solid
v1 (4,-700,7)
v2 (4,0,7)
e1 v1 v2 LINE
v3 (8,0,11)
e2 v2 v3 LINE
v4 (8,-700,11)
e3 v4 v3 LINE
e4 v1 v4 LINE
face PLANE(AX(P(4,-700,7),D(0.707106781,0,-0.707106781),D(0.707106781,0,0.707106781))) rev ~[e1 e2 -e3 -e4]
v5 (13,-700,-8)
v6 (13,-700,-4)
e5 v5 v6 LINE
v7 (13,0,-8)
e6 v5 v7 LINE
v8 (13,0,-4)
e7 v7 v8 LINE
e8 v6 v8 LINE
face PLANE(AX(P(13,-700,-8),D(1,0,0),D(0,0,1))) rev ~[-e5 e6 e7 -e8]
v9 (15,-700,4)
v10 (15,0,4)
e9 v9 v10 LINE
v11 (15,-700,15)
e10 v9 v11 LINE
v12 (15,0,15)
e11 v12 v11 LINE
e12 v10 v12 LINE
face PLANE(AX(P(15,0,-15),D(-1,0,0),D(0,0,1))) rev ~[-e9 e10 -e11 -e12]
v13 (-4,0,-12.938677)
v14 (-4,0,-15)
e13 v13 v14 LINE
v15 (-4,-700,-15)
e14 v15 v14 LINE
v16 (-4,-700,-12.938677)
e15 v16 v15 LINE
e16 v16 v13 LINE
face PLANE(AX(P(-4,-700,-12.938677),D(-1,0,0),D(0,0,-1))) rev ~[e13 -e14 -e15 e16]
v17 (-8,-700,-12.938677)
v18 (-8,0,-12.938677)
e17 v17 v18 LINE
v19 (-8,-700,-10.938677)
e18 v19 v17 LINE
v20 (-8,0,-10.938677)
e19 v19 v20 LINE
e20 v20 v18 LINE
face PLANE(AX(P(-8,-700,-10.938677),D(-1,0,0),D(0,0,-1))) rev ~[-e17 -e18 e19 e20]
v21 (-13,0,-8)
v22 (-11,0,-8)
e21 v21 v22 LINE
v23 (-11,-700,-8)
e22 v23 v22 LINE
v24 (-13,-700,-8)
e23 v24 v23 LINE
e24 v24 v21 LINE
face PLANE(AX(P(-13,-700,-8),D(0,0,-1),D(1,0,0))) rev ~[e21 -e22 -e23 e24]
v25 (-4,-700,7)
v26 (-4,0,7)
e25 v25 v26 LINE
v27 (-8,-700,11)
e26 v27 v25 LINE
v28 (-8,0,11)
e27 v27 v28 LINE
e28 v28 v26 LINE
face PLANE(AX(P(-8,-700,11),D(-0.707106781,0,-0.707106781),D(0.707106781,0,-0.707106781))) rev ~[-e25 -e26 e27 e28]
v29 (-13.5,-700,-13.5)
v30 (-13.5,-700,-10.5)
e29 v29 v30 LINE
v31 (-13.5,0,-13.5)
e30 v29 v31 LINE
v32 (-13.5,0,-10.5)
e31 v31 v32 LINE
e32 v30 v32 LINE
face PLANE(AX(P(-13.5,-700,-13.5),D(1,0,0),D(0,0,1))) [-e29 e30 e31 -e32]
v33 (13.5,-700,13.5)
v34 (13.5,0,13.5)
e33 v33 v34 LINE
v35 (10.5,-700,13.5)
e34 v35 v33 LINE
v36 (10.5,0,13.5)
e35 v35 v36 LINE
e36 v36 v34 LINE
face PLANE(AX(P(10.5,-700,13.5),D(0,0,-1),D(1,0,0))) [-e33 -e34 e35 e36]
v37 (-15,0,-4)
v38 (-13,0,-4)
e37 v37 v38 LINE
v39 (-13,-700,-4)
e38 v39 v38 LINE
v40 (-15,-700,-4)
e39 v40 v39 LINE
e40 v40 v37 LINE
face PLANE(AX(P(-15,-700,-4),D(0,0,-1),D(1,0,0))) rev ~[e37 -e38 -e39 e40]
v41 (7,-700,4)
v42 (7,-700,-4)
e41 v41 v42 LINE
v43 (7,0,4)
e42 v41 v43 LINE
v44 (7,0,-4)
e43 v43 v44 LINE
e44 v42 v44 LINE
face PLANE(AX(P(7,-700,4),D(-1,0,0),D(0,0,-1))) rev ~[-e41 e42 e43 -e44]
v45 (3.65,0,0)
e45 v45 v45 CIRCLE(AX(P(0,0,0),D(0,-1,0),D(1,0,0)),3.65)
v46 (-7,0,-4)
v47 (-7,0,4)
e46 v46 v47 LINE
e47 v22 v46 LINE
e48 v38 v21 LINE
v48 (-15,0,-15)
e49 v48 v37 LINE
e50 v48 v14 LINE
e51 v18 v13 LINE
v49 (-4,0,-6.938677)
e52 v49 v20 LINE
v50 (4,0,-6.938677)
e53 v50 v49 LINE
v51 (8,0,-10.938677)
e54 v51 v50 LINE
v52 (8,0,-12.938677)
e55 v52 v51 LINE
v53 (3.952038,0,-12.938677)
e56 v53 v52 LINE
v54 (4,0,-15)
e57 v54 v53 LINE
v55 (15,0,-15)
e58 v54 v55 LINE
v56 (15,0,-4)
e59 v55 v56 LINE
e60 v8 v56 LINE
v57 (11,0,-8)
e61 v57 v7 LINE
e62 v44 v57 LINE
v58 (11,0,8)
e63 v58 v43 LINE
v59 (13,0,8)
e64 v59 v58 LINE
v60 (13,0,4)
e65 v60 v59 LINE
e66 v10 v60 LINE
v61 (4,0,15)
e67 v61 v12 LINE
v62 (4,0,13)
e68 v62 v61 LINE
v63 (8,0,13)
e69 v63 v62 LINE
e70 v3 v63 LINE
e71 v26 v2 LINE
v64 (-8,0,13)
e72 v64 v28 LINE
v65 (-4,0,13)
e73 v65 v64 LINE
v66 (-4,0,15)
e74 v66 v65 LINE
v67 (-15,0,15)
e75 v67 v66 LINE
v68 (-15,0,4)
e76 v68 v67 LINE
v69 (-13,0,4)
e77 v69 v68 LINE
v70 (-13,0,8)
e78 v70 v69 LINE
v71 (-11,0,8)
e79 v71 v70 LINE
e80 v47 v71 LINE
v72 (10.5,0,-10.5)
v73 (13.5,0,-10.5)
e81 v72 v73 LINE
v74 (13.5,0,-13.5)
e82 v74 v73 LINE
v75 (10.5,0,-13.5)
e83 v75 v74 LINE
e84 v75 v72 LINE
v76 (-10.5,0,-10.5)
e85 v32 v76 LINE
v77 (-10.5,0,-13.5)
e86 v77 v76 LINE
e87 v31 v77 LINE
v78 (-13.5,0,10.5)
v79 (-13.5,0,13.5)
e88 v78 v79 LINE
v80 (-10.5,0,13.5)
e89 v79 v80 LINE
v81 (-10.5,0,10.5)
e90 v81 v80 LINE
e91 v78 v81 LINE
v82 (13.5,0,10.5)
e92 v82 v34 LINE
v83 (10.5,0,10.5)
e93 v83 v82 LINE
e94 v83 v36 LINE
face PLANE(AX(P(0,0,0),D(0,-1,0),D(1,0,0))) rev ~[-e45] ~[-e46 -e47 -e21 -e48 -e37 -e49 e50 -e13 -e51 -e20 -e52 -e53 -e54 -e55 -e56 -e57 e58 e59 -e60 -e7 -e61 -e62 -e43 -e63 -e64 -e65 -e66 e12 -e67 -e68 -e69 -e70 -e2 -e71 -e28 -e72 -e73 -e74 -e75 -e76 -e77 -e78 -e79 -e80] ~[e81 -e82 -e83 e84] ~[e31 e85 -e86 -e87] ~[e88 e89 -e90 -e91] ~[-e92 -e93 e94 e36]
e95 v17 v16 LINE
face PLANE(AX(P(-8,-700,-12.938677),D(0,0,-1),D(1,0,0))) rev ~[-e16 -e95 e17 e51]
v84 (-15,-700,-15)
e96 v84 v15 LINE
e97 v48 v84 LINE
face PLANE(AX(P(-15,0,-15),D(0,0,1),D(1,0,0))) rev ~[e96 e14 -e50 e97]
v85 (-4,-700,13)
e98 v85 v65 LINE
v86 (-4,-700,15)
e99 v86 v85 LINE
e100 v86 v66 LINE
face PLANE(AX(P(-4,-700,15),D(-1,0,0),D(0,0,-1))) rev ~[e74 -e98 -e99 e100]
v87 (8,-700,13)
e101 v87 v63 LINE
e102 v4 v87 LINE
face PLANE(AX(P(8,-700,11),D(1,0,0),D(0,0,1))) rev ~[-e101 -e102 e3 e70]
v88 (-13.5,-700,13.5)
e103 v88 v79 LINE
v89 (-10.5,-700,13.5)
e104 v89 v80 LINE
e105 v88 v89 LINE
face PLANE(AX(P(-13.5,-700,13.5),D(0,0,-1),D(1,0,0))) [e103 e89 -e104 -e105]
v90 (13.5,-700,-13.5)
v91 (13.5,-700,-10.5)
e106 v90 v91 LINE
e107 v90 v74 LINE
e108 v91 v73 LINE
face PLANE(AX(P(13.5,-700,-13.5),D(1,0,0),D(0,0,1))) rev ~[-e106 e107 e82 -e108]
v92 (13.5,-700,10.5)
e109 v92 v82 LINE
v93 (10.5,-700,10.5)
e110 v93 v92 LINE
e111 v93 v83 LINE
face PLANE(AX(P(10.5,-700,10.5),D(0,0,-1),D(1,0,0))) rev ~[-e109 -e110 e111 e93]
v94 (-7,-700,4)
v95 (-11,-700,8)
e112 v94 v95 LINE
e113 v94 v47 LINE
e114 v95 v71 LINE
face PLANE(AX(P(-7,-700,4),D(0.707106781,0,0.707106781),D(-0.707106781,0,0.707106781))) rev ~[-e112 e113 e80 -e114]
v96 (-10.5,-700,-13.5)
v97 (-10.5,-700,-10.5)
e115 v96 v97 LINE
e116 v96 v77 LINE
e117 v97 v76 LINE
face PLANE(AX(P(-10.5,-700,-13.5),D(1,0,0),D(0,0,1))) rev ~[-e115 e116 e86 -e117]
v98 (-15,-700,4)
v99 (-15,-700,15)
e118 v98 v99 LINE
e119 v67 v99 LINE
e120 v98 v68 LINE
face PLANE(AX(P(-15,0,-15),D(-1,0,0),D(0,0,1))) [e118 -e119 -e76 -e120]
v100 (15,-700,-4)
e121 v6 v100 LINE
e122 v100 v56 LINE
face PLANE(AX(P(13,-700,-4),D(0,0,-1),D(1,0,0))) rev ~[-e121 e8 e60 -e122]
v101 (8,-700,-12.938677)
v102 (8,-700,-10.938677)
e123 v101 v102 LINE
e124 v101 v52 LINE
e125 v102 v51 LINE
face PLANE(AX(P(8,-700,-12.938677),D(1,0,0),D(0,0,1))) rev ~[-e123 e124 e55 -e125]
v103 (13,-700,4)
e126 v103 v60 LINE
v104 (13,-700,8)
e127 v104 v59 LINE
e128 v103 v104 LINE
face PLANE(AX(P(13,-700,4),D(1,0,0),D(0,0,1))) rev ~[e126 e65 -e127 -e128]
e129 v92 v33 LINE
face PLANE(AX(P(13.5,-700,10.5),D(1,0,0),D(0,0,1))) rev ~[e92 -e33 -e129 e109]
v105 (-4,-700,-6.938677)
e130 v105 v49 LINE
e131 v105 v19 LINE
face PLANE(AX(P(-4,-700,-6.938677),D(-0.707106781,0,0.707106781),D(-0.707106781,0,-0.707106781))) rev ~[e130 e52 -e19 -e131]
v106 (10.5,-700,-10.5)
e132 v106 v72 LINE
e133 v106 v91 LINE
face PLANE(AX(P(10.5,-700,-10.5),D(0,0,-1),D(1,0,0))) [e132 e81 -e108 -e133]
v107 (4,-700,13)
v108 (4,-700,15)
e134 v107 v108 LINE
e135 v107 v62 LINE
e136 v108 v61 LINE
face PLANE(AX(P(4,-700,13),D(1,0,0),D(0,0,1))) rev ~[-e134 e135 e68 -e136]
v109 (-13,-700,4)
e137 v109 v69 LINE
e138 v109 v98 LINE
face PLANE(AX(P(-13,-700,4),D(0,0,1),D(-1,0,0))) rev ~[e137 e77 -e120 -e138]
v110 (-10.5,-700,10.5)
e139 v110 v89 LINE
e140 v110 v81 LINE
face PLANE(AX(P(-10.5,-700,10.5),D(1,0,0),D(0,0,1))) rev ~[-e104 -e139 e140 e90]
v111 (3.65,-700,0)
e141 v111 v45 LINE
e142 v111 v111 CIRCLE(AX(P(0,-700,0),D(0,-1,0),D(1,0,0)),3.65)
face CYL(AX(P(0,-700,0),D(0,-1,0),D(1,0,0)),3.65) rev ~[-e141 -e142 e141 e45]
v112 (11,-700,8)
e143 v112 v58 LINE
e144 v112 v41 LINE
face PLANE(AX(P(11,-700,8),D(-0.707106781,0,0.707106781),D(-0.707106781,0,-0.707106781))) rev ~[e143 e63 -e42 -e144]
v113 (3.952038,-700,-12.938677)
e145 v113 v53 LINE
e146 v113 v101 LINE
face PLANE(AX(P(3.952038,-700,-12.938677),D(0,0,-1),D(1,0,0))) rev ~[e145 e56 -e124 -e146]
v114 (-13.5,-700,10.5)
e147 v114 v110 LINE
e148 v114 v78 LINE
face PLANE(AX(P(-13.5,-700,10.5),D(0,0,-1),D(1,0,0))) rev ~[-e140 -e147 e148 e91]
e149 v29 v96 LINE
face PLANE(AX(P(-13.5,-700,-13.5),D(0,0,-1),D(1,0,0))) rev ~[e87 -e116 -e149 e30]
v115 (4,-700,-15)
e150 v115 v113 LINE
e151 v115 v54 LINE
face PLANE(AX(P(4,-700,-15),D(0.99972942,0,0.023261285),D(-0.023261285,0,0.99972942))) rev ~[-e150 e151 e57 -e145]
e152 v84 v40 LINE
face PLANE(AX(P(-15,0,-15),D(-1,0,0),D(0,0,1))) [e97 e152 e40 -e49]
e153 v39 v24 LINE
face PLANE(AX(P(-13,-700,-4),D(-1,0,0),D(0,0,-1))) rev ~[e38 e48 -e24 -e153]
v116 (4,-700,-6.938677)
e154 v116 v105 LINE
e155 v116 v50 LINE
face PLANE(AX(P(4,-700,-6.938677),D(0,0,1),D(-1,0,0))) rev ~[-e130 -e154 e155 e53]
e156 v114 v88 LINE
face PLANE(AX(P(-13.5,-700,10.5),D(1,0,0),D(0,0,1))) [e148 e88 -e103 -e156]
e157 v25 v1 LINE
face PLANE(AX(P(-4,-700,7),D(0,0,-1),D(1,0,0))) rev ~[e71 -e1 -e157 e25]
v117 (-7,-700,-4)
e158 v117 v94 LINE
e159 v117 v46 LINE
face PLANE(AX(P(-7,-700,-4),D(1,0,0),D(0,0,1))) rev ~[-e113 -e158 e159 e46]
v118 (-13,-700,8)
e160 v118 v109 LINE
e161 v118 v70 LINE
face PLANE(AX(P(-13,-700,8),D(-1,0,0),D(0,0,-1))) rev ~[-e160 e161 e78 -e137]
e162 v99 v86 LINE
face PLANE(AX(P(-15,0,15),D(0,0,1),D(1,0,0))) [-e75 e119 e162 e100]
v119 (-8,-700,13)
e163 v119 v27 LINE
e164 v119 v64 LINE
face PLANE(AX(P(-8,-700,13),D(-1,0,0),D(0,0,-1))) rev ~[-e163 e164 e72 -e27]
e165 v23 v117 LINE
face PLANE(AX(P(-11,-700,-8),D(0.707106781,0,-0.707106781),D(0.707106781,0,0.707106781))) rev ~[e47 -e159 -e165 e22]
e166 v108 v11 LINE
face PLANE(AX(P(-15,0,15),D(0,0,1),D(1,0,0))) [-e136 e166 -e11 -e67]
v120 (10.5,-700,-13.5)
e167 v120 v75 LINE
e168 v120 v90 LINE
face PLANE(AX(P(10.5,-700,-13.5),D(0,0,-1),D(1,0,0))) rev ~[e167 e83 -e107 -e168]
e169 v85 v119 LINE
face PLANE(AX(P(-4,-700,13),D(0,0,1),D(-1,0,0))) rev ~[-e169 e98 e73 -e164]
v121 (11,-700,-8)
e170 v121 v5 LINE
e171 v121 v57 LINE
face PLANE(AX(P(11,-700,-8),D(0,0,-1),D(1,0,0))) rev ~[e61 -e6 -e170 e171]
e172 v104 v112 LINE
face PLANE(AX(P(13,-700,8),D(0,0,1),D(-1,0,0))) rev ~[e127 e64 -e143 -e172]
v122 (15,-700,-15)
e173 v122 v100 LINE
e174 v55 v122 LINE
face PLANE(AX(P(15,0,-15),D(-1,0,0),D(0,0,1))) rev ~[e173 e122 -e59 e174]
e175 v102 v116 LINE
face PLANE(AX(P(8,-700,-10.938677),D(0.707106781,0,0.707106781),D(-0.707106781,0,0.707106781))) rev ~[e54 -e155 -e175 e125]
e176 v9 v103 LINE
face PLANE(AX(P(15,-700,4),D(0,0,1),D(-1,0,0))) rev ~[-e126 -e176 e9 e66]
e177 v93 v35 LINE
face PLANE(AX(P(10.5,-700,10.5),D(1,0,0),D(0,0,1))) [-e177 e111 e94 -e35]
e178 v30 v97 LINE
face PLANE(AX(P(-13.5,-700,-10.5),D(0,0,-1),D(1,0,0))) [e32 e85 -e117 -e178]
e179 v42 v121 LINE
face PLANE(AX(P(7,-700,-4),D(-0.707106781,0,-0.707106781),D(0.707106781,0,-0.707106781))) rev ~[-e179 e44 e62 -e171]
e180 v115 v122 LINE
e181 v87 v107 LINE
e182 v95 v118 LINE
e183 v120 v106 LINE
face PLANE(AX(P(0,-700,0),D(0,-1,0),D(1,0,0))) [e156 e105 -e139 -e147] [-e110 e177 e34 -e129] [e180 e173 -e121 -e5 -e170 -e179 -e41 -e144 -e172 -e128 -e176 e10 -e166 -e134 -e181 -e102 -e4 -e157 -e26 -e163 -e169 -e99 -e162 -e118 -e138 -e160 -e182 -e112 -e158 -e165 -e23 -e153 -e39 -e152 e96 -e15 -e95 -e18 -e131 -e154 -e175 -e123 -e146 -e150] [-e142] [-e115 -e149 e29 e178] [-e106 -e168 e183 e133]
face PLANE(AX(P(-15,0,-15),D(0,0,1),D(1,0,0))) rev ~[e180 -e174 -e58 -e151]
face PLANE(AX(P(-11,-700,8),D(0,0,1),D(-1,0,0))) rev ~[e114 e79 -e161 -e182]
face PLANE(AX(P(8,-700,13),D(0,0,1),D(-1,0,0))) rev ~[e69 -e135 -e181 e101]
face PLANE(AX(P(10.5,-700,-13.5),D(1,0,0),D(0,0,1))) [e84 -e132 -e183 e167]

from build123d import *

# Parameters (mm, degrees)
F0_W     = 30
F0_H     = 30
F1_DEPTH = 700
F2_R     = 3.65
F2_W     = 3
F2_H     = 3
F3_DEPTH = 700.001


with BuildPart() as f1:
    # F0 (on Front) → F1 (new body)
    with BuildSketch(Plane.XZ):
        Rectangle(F0_W, F0_H)
    extrude(amount=F1_DEPTH)

    # F2 (on face) → F3 (cut, through all)
    with BuildSketch(Plane.XZ.offset(700)):
        Polygon((-13, 4), (-15, 4), (-15, -4), (-13, -4), (-13, -8), (-11, -8), (-7, -4), (-7, 4), (-11, 8), (-13, 8), align=None)
        Polygon((4, 15), (-4, 15), (-4, 13), (-8, 13), (-8, 11), (-4, 7), (4, 7), (8, 11), (8, 13), (4, 13), align=None)
        Polygon((13, -4), (15, -4), (15, 4), (13, 4), (13, 8), (11, 8), (7, 4), (7, -4), (11, -8), (13, -8), align=None)
        Circle(F2_R)
        Polygon((-4, -12.938677), (-4, -15), (4, -15), (3.952038, -12.938677), (8, -12.938677), (8, -10.938677), (4, -6.938677), (-4, -6.938677), (-8, -10.938677), (-8, -12.938677), align=None)
        with Locations((12, 12)):
            Rectangle(F2_W, F2_H)
        with Locations((-12, 12)):
            Rectangle(F2_W, F2_H)
        with Locations((12, -12)):
            Rectangle(F2_W, F2_H)
        with Locations((-12, -12)):
            Rectangle(F2_W, F2_H)
    extrude(amount=-F3_DEPTH, mode=Mode.SUBTRACT)


solid = f1.part
